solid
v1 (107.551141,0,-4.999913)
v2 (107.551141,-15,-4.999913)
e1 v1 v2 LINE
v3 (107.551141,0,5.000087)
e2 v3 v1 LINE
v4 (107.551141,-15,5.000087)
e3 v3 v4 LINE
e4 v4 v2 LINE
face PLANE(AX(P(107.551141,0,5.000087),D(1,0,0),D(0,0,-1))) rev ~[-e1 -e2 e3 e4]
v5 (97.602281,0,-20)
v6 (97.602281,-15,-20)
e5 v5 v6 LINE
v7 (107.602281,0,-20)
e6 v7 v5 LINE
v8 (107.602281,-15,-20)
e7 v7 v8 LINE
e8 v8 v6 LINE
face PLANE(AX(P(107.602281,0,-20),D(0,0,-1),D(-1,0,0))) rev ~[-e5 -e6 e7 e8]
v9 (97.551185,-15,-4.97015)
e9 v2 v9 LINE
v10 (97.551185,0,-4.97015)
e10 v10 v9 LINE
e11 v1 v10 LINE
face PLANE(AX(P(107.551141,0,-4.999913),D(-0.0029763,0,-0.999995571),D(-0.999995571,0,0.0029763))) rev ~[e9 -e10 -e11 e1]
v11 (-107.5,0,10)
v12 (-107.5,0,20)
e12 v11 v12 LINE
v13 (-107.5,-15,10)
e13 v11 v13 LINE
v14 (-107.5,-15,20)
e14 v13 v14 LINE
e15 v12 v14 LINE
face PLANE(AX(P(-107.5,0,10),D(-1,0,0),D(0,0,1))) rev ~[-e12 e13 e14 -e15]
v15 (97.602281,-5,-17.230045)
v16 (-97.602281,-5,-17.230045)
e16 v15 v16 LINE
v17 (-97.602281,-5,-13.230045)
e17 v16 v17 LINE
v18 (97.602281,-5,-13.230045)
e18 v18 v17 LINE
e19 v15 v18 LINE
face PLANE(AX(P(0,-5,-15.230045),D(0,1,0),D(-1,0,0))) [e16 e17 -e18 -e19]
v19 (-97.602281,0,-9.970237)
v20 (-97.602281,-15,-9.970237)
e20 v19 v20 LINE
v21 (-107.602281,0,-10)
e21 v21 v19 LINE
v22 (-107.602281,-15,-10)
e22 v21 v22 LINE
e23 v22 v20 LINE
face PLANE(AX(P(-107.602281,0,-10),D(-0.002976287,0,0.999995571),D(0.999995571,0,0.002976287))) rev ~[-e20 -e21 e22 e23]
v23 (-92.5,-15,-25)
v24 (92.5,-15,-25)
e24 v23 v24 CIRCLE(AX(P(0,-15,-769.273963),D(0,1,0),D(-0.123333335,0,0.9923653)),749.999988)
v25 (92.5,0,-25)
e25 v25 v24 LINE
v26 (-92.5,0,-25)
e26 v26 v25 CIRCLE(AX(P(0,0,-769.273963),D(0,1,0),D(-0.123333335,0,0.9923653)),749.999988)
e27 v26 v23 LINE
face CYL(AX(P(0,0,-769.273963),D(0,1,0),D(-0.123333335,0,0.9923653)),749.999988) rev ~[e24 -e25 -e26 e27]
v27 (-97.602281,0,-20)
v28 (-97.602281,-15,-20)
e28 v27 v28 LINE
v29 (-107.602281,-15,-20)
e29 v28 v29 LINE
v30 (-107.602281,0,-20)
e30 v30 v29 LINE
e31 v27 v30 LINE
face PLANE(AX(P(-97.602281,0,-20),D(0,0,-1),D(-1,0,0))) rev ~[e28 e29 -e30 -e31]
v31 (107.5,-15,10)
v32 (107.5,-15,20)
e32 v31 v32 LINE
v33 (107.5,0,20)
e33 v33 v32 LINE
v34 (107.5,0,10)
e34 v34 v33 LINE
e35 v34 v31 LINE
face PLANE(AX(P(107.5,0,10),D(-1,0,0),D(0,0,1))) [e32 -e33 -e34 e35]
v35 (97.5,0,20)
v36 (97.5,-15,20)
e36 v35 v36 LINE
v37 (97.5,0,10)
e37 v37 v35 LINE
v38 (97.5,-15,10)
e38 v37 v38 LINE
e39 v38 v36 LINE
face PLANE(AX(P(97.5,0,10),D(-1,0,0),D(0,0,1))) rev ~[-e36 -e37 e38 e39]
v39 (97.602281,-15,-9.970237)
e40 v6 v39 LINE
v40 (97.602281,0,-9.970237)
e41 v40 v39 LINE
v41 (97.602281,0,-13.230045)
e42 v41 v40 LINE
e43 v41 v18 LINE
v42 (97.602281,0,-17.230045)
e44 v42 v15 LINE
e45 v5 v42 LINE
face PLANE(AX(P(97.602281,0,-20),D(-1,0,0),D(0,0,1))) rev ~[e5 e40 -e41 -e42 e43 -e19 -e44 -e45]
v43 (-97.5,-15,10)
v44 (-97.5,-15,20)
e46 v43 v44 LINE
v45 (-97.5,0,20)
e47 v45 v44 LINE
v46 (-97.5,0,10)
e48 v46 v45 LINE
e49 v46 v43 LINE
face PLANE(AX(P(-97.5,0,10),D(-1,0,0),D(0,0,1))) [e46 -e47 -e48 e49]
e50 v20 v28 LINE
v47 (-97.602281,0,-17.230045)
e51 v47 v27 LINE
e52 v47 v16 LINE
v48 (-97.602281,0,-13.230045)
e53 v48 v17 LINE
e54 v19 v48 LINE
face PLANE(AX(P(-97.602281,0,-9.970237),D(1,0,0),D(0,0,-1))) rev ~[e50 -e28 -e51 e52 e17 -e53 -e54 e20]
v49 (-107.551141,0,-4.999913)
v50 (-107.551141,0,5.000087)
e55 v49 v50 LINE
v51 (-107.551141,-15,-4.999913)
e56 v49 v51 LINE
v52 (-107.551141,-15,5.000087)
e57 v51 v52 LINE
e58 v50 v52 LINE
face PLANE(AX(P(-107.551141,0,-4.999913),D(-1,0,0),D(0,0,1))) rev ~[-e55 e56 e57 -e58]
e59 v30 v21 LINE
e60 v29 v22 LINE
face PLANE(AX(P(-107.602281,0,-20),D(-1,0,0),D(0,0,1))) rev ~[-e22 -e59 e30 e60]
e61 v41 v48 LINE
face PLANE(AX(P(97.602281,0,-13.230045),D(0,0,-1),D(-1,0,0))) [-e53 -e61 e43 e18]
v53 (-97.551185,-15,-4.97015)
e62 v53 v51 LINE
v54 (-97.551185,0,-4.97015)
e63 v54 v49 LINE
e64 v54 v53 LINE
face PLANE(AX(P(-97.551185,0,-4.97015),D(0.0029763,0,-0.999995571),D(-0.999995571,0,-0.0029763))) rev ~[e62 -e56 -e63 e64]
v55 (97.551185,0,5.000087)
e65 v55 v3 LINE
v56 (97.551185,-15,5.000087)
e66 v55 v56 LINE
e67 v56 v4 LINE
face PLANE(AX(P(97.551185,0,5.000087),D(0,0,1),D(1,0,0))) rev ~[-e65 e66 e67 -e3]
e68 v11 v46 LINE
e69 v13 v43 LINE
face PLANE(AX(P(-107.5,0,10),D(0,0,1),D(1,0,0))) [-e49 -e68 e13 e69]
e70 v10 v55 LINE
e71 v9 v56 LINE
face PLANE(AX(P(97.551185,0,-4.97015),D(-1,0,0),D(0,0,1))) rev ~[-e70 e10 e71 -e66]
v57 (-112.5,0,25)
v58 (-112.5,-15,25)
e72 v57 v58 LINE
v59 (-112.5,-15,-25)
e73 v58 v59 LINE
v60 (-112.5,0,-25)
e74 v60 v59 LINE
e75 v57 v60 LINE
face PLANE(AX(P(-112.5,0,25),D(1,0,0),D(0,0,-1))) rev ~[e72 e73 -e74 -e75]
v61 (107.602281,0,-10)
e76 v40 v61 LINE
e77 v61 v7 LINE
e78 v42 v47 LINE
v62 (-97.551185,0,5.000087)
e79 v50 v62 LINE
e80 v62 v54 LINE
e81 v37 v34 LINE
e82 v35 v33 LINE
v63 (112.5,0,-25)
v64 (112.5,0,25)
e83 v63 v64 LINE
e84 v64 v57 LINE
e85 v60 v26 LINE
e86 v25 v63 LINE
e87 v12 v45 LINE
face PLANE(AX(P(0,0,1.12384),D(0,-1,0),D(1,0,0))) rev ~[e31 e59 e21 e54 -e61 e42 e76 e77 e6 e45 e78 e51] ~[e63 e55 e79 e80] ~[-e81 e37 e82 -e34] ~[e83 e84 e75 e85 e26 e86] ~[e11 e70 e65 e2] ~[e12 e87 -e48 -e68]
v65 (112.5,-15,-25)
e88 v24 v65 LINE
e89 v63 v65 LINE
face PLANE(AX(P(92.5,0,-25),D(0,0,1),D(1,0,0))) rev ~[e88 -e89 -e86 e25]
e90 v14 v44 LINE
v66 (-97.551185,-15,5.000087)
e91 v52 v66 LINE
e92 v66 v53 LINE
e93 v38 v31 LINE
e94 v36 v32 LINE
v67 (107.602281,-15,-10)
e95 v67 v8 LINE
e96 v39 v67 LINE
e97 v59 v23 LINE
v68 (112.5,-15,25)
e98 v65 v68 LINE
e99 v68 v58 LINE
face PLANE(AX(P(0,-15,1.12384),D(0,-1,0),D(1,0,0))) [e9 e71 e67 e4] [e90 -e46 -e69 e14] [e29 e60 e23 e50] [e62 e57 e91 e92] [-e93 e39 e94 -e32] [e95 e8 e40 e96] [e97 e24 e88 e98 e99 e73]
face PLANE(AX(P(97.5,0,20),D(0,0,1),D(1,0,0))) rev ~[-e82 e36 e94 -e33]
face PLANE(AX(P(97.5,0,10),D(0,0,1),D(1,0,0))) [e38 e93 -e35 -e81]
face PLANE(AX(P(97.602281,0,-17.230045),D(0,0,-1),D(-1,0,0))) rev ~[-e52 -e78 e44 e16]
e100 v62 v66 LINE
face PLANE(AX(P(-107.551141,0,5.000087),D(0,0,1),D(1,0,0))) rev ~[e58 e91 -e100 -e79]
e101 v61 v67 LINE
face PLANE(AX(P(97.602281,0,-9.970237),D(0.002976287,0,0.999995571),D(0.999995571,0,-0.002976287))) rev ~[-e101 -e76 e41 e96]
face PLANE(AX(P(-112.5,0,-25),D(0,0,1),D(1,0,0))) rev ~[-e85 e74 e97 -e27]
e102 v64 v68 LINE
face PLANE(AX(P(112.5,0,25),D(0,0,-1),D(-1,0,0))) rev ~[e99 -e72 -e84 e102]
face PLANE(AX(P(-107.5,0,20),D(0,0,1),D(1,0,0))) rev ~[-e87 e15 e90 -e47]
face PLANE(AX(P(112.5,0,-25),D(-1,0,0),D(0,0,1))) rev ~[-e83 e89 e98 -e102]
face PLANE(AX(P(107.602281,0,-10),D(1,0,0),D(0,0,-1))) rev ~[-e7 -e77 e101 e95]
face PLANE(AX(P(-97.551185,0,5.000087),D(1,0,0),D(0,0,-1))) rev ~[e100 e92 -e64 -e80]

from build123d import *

# Parameters (mm, degrees)
F0_W     = 10
F0_H     = 10
F1_DEPTH = 15
F2_W     = 195.204562
F2_H     = 4
F3_DEPTH = 5


with BuildPart() as f1:
    # F0 (on Front) → F1 (new body)
    with BuildSketch(Plane.XZ):
        with BuildLine():
            Line((-112.5, 25), (-112.5, -25))
            Line((-112.5, -25), (-92.5, -25))
            ThreePointArc((-92.5, -25), (0, -19.273975), (92.5, -25))
            Line((92.5, -25), (112.5, -25))
            Line((112.5, -25), (112.5, 25))
            Line((112.5, 25), (-112.5, 25))
        make_face()
        Polygon((-107.602281, -20), (-107.602281, -10), (-97.602281, -9.970237), (-97.602281, -20), align=None, mode=Mode.SUBTRACT)
        Polygon((97.602281, -9.970237), (107.602281, -10), (107.602281, -20), (97.602281, -20), align=None, mode=Mode.SUBTRACT)
        Polygon((-107.551141, -4.999913), (-107.551141, 5.000087), (-97.551185, 5.000087), (-97.551185, -4.97015), align=None, mode=Mode.SUBTRACT)
        with Locations((-102.5, 15)):
            Rectangle(F0_W, F0_H, mode=Mode.SUBTRACT)
        Polygon((97.551185, 5.000087), (107.551141, 5.000087), (107.551141, -4.999913), (97.551185, -4.97015), align=None, mode=Mode.SUBTRACT)
        with Locations((102.5, 15)):
            Rectangle(F0_W, F0_H, mode=Mode.SUBTRACT)
    extrude(amount=F1_DEPTH)

    # F2 (on face) → F3 (cut)
    with BuildSketch(Plane(origin=(0, 0, 0), x_dir=(-1, 0, 0), z_dir=(0, 1, 0))):
        with Locations((0, -15.230045)):
            Rectangle(F2_W, F2_H)
    extrude(amount=-F3_DEPTH, mode=Mode.SUBTRACT)


solid = f1.part
